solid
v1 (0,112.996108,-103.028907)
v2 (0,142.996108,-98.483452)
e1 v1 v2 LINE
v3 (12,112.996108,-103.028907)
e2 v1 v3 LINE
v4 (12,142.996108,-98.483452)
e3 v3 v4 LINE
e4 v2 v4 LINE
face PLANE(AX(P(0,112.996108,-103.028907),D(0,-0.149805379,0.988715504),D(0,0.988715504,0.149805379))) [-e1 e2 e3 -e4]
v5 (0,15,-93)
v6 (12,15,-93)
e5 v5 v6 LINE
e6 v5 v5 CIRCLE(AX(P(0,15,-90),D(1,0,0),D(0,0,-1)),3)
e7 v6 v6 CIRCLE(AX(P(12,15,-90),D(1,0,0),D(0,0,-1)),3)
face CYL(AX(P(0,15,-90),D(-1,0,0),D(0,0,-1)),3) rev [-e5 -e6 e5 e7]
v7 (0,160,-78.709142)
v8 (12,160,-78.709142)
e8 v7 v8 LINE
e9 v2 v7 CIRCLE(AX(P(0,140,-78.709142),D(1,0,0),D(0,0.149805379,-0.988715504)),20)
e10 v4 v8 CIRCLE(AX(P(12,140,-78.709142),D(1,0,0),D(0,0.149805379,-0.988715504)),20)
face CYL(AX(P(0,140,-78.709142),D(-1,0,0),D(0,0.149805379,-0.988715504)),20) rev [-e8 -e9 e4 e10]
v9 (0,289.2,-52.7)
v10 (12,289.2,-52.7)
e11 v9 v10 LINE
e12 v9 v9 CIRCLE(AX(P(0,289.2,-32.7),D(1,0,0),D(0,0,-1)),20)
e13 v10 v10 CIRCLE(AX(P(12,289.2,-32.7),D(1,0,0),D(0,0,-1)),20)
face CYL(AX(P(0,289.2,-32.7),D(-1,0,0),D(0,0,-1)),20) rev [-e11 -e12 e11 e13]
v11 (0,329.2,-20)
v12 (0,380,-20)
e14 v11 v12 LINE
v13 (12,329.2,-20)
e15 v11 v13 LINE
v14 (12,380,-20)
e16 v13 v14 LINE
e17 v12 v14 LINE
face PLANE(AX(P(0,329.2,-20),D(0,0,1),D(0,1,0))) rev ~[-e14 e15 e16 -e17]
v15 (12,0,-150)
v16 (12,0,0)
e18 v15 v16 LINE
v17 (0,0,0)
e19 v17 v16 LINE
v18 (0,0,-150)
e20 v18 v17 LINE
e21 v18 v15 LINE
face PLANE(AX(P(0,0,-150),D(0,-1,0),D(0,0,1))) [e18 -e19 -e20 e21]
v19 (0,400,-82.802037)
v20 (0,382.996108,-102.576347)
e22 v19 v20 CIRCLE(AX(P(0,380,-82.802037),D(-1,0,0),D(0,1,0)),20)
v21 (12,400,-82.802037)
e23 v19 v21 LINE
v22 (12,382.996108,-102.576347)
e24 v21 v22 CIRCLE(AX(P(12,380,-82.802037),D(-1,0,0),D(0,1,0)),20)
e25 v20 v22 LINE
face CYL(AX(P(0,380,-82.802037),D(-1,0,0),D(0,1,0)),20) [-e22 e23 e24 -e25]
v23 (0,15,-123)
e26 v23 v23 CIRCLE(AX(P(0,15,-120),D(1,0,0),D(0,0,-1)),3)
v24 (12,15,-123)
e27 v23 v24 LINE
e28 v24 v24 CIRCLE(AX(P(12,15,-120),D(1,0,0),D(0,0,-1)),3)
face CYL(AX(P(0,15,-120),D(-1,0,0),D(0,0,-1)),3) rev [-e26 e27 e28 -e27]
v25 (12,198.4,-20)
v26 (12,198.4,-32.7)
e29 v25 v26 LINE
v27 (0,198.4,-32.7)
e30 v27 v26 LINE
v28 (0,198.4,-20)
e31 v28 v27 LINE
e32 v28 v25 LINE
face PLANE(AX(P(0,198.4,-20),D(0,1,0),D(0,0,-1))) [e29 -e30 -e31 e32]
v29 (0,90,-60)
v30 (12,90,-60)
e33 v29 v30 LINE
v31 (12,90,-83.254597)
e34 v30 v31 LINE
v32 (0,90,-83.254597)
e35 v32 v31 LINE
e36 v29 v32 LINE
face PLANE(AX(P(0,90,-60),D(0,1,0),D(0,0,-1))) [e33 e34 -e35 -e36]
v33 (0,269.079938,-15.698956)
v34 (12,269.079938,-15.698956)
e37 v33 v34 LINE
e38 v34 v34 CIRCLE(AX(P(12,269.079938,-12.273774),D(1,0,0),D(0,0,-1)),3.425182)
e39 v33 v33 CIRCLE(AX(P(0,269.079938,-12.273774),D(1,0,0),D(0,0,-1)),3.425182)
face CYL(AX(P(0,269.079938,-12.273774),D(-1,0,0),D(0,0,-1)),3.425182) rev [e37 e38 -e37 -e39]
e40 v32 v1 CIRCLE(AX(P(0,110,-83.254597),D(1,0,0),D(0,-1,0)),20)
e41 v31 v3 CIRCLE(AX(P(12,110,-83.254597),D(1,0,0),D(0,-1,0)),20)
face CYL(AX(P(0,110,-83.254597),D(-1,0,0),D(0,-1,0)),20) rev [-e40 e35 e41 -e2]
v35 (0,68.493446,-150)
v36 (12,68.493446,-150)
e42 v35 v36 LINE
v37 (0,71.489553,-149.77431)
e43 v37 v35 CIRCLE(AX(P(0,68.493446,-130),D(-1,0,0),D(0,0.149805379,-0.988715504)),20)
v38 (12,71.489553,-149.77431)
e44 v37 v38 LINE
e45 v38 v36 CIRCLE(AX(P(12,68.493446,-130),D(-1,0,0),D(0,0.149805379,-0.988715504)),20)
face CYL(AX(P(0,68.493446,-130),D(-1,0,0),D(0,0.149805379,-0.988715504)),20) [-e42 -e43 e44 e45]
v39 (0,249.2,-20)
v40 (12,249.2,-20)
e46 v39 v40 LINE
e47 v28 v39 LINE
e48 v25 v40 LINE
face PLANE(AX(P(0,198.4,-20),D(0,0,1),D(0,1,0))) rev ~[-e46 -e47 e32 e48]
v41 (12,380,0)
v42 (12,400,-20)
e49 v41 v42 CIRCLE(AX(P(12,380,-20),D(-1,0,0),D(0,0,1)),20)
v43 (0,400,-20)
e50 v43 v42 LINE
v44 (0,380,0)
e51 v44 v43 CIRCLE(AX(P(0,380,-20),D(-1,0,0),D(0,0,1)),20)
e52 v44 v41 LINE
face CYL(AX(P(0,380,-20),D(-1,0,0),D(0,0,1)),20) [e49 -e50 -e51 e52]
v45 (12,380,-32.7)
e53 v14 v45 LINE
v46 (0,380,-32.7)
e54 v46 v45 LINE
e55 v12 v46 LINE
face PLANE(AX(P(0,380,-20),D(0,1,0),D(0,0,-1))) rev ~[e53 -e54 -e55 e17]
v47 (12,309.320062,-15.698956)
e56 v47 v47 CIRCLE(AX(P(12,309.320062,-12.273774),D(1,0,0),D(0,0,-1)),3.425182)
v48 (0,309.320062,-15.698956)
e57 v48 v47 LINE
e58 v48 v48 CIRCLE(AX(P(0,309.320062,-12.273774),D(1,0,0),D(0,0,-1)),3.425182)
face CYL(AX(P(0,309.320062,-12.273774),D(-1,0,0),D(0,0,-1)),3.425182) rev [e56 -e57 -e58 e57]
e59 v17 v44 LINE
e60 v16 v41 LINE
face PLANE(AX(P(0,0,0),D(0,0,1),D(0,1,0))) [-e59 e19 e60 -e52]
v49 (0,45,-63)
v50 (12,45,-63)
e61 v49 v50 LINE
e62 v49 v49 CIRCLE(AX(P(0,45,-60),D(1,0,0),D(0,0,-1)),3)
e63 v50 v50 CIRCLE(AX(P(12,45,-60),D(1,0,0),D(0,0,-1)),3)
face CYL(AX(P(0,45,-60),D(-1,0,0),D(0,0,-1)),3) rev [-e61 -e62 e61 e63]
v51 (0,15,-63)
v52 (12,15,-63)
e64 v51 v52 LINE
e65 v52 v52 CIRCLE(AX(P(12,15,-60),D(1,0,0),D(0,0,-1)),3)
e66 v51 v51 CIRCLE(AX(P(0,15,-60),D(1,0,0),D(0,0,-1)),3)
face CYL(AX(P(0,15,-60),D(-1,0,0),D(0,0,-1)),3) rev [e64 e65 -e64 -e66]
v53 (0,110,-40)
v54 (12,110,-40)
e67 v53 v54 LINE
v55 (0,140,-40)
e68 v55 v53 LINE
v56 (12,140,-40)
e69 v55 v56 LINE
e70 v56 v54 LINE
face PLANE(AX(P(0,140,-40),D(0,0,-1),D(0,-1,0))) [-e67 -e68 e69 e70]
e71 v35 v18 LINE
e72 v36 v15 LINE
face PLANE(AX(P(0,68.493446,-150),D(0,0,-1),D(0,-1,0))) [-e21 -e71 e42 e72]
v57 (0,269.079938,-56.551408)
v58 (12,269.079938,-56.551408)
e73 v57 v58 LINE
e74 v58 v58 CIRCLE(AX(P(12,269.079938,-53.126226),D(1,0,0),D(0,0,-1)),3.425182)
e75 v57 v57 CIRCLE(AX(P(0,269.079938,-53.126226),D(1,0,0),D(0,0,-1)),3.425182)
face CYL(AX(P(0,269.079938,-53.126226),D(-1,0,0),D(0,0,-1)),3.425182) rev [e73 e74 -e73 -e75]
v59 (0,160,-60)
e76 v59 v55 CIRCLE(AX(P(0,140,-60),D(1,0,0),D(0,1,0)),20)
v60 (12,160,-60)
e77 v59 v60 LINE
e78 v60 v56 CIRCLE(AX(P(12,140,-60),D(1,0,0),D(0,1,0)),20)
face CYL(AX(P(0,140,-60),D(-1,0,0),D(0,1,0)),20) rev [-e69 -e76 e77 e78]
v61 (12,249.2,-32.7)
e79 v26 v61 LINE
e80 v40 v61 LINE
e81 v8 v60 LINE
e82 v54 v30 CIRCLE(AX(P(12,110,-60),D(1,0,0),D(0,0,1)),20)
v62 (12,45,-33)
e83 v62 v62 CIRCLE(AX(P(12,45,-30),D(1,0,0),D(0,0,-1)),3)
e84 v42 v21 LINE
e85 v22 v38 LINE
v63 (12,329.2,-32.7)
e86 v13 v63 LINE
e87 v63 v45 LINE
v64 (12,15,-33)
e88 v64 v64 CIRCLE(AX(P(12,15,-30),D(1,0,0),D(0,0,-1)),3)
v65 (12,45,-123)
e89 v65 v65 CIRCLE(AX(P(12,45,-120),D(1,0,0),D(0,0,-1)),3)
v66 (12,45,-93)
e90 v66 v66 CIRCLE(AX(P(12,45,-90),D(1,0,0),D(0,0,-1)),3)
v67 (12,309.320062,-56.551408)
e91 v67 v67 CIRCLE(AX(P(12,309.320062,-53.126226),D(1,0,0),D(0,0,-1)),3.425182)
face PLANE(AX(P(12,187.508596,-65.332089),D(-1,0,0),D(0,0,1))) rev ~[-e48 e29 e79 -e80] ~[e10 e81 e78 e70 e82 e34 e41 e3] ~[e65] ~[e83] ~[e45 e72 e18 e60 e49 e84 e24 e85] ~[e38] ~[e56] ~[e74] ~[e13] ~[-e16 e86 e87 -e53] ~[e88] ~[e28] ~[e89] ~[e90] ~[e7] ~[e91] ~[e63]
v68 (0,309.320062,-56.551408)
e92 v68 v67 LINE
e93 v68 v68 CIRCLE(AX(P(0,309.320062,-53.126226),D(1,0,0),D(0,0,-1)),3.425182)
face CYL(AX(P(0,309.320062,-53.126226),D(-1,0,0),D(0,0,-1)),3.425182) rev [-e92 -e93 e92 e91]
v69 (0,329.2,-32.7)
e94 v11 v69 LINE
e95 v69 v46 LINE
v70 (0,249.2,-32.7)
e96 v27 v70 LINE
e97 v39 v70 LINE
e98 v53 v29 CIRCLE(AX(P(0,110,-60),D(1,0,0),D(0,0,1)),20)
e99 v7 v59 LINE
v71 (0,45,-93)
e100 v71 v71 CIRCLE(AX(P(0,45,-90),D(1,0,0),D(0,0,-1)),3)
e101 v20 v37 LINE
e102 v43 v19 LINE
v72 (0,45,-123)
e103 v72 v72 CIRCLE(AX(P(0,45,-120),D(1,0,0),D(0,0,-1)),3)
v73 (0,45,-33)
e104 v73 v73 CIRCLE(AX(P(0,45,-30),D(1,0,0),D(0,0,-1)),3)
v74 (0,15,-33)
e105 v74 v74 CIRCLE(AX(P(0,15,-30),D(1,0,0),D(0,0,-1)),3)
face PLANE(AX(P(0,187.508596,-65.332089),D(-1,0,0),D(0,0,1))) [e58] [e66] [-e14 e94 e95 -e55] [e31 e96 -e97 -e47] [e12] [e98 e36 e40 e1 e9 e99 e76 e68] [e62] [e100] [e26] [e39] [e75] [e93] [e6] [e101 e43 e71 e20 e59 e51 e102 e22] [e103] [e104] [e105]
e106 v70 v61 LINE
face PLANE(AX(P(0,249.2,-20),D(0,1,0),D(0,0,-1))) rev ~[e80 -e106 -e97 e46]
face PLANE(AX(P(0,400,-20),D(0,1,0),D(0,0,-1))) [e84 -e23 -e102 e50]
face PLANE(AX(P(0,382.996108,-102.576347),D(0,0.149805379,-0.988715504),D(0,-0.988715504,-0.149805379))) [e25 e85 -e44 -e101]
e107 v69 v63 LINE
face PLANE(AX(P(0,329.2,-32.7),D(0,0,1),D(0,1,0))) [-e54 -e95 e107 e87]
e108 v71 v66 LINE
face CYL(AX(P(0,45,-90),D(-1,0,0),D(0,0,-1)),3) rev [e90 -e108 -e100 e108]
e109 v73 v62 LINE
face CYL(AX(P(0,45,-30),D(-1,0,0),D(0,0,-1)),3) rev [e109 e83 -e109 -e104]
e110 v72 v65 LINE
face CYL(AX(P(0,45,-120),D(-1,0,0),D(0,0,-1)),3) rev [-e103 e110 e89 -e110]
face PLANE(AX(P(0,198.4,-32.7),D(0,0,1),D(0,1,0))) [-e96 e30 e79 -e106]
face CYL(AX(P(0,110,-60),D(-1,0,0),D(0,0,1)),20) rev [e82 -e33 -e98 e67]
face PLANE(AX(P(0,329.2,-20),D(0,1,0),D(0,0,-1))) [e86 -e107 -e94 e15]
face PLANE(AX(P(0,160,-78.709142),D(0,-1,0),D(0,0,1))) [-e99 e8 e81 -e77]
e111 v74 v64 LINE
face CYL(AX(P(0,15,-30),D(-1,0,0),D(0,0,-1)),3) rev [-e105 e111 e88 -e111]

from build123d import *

# Parameters (mm, degrees)
CROQUIS1_R              = 3
CROQUIS1_R_2            = 20
CROQUIS1_R_3            = 3.425181835
CROQUIS1_W              = 12.7
CROQUIS1_H              = 50.8
SALIENTE_EXTRUIR1_DEPTH = 12


with BuildPart() as part:
    # Croquis1 → Saliente-Extruir1 (new body)
    with BuildSketch(Plane(origin=(0, 0, 0), x_dir=(0, 0, -1), z_dir=(1, 0, 0))):
        with BuildLine():
            Line((0, 0), (0, 380))
            ThreePointArc((0, 380), (5.857864376, 394.142135624), (20, 400))
            Line((20, 400), (82.802037251, 400))
            ThreePointArc((82.802037251, 400), (95.841934647, 395.164467544), (102.576347335, 382.996107589))
            Line((102.576347335, 382.996107589), (149.774310084, 71.489553442))
            ThreePointArc((149.774310084, 71.489553442), (149.943497708, 69.995743812), (150, 68.493445854))
            Line((150, 68.493445854), (150, 0))
            Line((150, 0), (0, 0))
        make_face()
        with Locations((30, 45)):
            Circle(CROQUIS1_R, mode=Mode.SUBTRACT)
        with Locations((60, 45)):
            Circle(CROQUIS1_R, mode=Mode.SUBTRACT)
        with Locations((90, 45)):
            Circle(CROQUIS1_R, mode=Mode.SUBTRACT)
        with Locations((120, 45)):
            Circle(CROQUIS1_R, mode=Mode.SUBTRACT)
        with Locations((30, 15)):
            Circle(CROQUIS1_R, mode=Mode.SUBTRACT)
        with Locations((60, 15)):
            Circle(CROQUIS1_R, mode=Mode.SUBTRACT)
        with Locations((90, 15)):
            Circle(CROQUIS1_R, mode=Mode.SUBTRACT)
        with Locations((120, 15)):
            Circle(CROQUIS1_R, mode=Mode.SUBTRACT)
        with Locations((32.7, 289.2)):
            Circle(CROQUIS1_R_2, mode=Mode.SUBTRACT)
        with Locations((12.273774242, 309.320061608)):
            Circle(CROQUIS1_R_3, mode=Mode.SUBTRACT)
        with Locations((53.126225758, 309.320061608)):
            Circle(CROQUIS1_R_3, mode=Mode.SUBTRACT)
        with Locations((53.126225758, 269.079938392)):
            Circle(CROQUIS1_R_3, mode=Mode.SUBTRACT)
        with Locations((12.273774242, 269.079938392)):
            Circle(CROQUIS1_R_3, mode=Mode.SUBTRACT)
        with Locations((26.35, 354.6)):
            Rectangle(CROQUIS1_W, CROQUIS1_H, mode=Mode.SUBTRACT)
        with Locations((26.35, 223.8)):
            Rectangle(CROQUIS1_W, CROQUIS1_H, mode=Mode.SUBTRACT)
        with BuildLine():
            Line((60, 90), (83.2545966, 90))
            ThreePointArc((83.2545966, 90), (98.419064144, 96.960102603), (103.028906685, 112.996107589))
            Line((103.028906685, 112.996107589), (98.483452139, 142.996107589))
            ThreePointArc((98.483452139, 142.996107589), (91.749039451, 155.164467544), (78.709142055, 160))
            Line((78.709142055, 160), (60, 160))
            ThreePointArc((60, 160), (45.857864376, 154.142135624), (40, 140))
            Line((40, 140), (40, 110))
            ThreePointArc((40, 110), (45.857864376, 95.857864376), (60, 90))
        make_face(mode=Mode.SUBTRACT)
    extrude(amount=SALIENTE_EXTRUIR1_DEPTH)


solid = part.part
